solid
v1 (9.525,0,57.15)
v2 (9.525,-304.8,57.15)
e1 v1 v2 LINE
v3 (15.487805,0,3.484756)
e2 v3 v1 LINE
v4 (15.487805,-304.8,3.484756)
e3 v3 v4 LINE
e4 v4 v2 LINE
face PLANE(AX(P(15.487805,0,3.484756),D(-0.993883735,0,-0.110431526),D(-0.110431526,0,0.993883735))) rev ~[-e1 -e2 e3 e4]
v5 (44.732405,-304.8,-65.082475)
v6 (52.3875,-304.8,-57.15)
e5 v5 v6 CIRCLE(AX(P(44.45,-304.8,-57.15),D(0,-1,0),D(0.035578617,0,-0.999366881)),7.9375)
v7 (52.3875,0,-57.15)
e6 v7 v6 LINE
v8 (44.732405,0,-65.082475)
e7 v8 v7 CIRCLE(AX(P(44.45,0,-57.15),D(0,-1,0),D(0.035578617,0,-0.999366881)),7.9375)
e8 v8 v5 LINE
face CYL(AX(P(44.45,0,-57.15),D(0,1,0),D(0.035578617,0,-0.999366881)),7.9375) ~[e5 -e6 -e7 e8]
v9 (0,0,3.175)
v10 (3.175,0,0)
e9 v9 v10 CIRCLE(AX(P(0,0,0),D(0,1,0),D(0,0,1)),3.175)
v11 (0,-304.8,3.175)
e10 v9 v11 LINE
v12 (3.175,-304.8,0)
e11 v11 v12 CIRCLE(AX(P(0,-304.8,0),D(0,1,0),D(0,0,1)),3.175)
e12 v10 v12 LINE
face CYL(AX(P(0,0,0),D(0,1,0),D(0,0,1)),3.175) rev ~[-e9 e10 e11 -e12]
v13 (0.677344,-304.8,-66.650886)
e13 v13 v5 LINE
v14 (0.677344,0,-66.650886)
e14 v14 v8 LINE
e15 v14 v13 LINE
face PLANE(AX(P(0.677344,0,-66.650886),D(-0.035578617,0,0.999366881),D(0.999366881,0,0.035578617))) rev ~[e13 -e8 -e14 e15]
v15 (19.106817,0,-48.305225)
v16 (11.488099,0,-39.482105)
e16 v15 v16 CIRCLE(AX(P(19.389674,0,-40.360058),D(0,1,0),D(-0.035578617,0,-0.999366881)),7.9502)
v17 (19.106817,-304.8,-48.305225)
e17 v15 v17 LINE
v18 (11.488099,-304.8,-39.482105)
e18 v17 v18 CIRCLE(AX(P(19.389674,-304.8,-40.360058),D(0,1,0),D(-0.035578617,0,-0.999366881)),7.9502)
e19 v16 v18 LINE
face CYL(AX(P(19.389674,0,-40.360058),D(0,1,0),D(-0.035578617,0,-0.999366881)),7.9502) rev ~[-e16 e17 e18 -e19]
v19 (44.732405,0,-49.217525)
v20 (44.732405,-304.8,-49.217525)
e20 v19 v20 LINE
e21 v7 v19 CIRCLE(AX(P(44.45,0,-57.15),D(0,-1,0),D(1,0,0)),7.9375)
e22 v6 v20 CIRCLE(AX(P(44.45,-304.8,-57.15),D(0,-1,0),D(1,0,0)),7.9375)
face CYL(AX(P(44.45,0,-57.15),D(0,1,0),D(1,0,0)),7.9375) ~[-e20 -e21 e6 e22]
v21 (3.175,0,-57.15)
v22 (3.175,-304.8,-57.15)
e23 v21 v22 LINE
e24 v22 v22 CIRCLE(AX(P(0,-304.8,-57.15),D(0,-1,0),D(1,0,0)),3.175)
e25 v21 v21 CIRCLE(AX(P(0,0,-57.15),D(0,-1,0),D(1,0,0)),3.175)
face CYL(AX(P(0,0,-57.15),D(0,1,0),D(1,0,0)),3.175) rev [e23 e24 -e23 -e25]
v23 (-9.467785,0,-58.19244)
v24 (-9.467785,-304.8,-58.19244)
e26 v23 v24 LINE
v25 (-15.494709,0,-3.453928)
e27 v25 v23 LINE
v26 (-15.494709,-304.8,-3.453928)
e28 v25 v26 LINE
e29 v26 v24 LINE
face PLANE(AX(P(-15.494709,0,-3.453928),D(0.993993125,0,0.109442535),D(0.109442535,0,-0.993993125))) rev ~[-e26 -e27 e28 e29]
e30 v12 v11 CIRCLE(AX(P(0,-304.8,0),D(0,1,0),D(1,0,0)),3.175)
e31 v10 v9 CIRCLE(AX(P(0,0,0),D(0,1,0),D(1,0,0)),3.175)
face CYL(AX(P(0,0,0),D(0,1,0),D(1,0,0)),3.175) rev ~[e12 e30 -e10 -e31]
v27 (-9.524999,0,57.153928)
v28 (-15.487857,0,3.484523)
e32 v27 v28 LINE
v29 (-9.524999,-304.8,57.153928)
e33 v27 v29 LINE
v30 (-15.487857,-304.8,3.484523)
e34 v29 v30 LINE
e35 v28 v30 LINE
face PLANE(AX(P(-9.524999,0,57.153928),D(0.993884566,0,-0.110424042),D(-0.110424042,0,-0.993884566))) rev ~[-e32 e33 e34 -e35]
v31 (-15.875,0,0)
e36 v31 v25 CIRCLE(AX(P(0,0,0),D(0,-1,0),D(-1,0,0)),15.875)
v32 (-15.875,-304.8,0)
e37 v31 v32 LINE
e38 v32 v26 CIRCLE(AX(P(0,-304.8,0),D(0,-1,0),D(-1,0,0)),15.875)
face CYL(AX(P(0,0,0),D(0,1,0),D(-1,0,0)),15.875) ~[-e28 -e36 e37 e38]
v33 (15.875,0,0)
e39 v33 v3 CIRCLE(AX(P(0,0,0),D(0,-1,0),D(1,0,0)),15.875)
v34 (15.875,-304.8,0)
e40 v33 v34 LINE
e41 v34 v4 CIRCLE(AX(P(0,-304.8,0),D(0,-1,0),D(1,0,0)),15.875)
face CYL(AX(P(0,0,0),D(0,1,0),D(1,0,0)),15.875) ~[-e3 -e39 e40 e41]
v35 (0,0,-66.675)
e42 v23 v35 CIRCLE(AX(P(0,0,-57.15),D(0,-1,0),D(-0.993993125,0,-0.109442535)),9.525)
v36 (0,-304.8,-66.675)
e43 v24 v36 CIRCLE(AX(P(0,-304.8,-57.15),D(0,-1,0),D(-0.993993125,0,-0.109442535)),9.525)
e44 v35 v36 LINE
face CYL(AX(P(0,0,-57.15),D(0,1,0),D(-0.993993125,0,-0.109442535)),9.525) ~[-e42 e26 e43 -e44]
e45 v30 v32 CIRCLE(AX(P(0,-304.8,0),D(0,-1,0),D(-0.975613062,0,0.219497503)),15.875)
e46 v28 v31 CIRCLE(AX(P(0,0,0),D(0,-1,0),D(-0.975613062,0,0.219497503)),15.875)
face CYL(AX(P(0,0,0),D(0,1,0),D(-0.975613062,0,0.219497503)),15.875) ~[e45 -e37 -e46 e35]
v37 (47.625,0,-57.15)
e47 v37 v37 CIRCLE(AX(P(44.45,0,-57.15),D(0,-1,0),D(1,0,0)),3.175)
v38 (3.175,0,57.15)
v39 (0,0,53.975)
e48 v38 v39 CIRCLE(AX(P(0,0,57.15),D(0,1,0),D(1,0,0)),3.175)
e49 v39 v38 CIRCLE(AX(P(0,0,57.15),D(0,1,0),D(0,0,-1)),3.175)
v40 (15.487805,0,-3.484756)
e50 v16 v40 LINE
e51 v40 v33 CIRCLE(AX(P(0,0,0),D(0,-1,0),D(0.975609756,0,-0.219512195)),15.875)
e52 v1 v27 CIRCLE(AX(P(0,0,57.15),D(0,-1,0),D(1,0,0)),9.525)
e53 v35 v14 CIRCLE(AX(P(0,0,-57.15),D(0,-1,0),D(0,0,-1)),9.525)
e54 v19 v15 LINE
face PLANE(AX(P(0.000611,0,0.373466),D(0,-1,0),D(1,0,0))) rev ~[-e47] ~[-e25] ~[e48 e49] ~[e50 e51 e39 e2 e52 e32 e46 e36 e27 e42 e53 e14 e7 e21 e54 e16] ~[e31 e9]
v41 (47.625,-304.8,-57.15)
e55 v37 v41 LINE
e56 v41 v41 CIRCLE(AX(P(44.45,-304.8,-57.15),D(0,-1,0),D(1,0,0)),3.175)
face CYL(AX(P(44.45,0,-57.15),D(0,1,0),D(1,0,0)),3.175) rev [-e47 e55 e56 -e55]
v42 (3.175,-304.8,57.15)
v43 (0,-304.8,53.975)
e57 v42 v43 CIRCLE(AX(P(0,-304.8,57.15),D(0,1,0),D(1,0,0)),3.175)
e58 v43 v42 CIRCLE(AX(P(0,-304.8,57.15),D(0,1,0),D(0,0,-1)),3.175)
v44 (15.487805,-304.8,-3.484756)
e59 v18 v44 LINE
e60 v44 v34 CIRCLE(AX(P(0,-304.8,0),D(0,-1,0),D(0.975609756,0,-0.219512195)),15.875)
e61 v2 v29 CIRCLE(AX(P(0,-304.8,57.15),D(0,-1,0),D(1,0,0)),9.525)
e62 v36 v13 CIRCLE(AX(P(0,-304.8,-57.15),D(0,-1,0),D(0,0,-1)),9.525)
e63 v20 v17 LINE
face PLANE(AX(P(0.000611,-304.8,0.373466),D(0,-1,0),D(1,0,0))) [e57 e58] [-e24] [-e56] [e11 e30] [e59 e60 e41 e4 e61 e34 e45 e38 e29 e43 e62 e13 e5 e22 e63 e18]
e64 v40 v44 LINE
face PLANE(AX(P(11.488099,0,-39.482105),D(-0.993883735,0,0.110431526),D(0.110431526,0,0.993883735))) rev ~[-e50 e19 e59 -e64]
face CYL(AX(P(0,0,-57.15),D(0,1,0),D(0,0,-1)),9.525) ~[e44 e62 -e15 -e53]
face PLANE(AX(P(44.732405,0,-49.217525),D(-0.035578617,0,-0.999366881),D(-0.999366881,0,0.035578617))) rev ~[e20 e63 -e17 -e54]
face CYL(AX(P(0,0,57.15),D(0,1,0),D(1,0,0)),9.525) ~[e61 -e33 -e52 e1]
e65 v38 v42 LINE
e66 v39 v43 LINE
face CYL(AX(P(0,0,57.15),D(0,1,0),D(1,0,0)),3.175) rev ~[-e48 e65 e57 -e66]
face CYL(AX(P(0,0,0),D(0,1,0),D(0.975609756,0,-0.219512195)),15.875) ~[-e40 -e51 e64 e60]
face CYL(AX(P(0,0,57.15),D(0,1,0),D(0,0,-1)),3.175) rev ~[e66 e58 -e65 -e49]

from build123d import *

# Parameters (mm, degrees)
F0_R     = 3.175
F1_DEPTH = 304.8


with BuildPart() as f1:
    # F0 (on Front) → F1 (new body)
    with BuildSketch(Plane.XZ):
        with BuildLine():
            ThreePointArc((15.487804878, 3.4847560976), (9.9170338799, 12.3962923499), (0, 15.875))
            ThreePointArc((0, 15.875), (-9.9171272209, 12.3962176766), (-15.4878573551, 3.4845228579))
            Line((-15.4878573551, 3.4845228579), (-15.875, 0))
            Line((-15.875, 0), (-15.494709029, -3.4539277796))
            ThreePointArc((-15.494709029, -3.4539277796), (-0.0237544409, -15.8749822276), (15.4843031345, -3.5002830512))
            Line((15.4843031345, -3.5002830512), (15.875, 0))
            Line((15.875, 0), (15.487804878, 3.4847560976))
        make_face()
        with BuildLine():
            ThreePointArc((3.175, 0), (-2.2450640303, -2.2450640303), (0, 3.175))
            ThreePointArc((0, 3.175), (2.2450640303, 2.2450640303), (3.175, 0))
        make_face(mode=Mode.SUBTRACT)
        with BuildLine():
            ThreePointArc((-15.4878573551, 3.4845228579), (-9.9171272209, 12.3962176766), (0, 15.875))
            Line((0, 15.875), (0, 47.625))
            ThreePointArc((0, 47.625), (-6.7365808144, 50.4161969192), (-9.5249991899, 57.1539283083))
            Line((-9.5249991899, 57.1539283083), (-15.4878573551, 3.4845228579))
        make_face()
        with BuildLine():
            Line((0, 47.625), (0, 15.875))
            ThreePointArc((0, 15.875), (9.9170338799, 12.3962923499), (15.487804878, 3.4847560976))
            Line((15.487804878, 3.4847560976), (9.525, 57.15))
            ThreePointArc((9.525, 57.15), (6.7351920908, 50.4148079092), (0, 47.625))
        make_face()
        with BuildLine():
            ThreePointArc((-9.5249991899, 57.1539283083), (-6.7365808144, 50.4161969192), (0, 47.625))
            ThreePointArc((0, 47.625), (6.7351920908, 50.4148079092), (9.525, 57.15))
            ThreePointArc((9.525, 57.15), (0.0019641542, 66.6749997975), (-9.5249991899, 57.1539283083))
        make_face()
        with BuildLine():
            ThreePointArc((3.175, 57.15), (2.2450640303, 54.9049359697), (0, 53.975))
            ThreePointArc((0, 53.975), (-2.2450640303, 59.3950640303), (3.175, 57.15))
        make_face(mode=Mode.SUBTRACT)
        with BuildLine():
            ThreePointArc((15.875, 0), (15.7779042879, 1.7531004764), (15.487804878, 3.4847560976))
            Line((15.487804878, 3.4847560976), (15.875, 0))
        make_face()
        with BuildLine():
            Line((-15.875, 0), (-15.4878573551, 3.4845228579))
            ThreePointArc((-15.4878573551, 3.4845228579), (-15.7779174879, 1.7529816724), (-15.875, 0))
        make_face()
        with BuildLine():
            Line((15.487804878, -3.4847560976), (15.875, 0))
            Line((15.875, 0), (15.4843031345, -3.5002830512))
            ThreePointArc((15.4843031345, -3.5002830512), (15.4860559523, -3.4925200132), (15.487804878, -3.4847560976))
        make_face()
        with BuildLine():
            ThreePointArc((15.487804878, -3.4847560976), (15.7779042879, -1.7531004764), (15.875, 0))
            Line((15.875, 0), (15.487804878, -3.4847560976))
        make_face()
        with BuildLine():
            Line((-15.494709029, -3.4539277796), (-15.875, 0))
            ThreePointArc((-15.875, 0), (-15.779640852, -1.7374002367), (-15.494709029, -3.4539277796))
        make_face()
        with BuildLine():
            Line((11.4880993899, -39.4821054907), (15.487804878, -3.4847560976))
            ThreePointArc((15.487804878, -3.4847560976), (15.4860559523, -3.4925200132), (15.4843031345, -3.5002830512))
            ThreePointArc((15.4843031345, -3.5002830512), (-0.0237544409, -15.8749822276), (-15.494709029, -3.4539277796))
            Line((-15.494709029, -3.4539277796), (-9.4677845112, -58.192440142))
            ThreePointArc((-9.4677845112, -58.192440142), (-0.5220045646, -47.6393146286), (9.525, -57.15))
            ThreePointArc((9.525, -57.15), (6.9705567315, -63.6412990883), (0.6773435479, -66.650885786))
            Line((0.6773435479, -66.650885786), (44.7324052746, -65.0824746146))
            ThreePointArc((44.7324052746, -65.0824746146), (36.5125, -57.15), (44.7324052746, -49.2175253854))
            Line((44.7324052746, -49.2175253854), (19.1068167343, -48.3052247833))
            ThreePointArc((19.1068167343, -48.3052247833), (13.3723581246, -45.5559788605), (11.4880993899, -39.4821054907))
        make_face()
        with BuildLine():
            ThreePointArc((9.525, -57.15), (-0.5220045646, -47.6393146286), (-9.4677845112, -58.192440142))
            ThreePointArc((-9.4677845112, -58.192440142), (-6.3559571524, -64.2441830873), (0, -66.675))
            Line((0, -66.675), (0.6773435479, -66.650885786))
            ThreePointArc((0.6773435479, -66.650885786), (6.9705567315, -63.6412990883), (9.525, -57.15))
        make_face()
        with Locations((0, -57.15)):
            Circle(F0_R, mode=Mode.SUBTRACT)
        with BuildLine():
            Line((0.6773435479, -66.650885786), (0, -66.675))
            ThreePointArc((0, -66.675), (0.3388863295, -66.6689695375), (0.6773435479, -66.650885786))
        make_face()
        with BuildLine():
            ThreePointArc((52.3875, -57.15), (50.1616327839, -51.6380895153), (44.7324052746, -49.2175253854))
            ThreePointArc((44.7324052746, -49.2175253854), (36.5125, -57.15), (44.7324052746, -65.0824746146))
            ThreePointArc((44.7324052746, -65.0824746146), (50.1616327839, -62.6619104847), (52.3875, -57.15))
        make_face()
        with Locations((44.45, -57.15)):
            Circle(F0_R, mode=Mode.SUBTRACT)
    extrude(amount=F1_DEPTH)


solid = f1.part
